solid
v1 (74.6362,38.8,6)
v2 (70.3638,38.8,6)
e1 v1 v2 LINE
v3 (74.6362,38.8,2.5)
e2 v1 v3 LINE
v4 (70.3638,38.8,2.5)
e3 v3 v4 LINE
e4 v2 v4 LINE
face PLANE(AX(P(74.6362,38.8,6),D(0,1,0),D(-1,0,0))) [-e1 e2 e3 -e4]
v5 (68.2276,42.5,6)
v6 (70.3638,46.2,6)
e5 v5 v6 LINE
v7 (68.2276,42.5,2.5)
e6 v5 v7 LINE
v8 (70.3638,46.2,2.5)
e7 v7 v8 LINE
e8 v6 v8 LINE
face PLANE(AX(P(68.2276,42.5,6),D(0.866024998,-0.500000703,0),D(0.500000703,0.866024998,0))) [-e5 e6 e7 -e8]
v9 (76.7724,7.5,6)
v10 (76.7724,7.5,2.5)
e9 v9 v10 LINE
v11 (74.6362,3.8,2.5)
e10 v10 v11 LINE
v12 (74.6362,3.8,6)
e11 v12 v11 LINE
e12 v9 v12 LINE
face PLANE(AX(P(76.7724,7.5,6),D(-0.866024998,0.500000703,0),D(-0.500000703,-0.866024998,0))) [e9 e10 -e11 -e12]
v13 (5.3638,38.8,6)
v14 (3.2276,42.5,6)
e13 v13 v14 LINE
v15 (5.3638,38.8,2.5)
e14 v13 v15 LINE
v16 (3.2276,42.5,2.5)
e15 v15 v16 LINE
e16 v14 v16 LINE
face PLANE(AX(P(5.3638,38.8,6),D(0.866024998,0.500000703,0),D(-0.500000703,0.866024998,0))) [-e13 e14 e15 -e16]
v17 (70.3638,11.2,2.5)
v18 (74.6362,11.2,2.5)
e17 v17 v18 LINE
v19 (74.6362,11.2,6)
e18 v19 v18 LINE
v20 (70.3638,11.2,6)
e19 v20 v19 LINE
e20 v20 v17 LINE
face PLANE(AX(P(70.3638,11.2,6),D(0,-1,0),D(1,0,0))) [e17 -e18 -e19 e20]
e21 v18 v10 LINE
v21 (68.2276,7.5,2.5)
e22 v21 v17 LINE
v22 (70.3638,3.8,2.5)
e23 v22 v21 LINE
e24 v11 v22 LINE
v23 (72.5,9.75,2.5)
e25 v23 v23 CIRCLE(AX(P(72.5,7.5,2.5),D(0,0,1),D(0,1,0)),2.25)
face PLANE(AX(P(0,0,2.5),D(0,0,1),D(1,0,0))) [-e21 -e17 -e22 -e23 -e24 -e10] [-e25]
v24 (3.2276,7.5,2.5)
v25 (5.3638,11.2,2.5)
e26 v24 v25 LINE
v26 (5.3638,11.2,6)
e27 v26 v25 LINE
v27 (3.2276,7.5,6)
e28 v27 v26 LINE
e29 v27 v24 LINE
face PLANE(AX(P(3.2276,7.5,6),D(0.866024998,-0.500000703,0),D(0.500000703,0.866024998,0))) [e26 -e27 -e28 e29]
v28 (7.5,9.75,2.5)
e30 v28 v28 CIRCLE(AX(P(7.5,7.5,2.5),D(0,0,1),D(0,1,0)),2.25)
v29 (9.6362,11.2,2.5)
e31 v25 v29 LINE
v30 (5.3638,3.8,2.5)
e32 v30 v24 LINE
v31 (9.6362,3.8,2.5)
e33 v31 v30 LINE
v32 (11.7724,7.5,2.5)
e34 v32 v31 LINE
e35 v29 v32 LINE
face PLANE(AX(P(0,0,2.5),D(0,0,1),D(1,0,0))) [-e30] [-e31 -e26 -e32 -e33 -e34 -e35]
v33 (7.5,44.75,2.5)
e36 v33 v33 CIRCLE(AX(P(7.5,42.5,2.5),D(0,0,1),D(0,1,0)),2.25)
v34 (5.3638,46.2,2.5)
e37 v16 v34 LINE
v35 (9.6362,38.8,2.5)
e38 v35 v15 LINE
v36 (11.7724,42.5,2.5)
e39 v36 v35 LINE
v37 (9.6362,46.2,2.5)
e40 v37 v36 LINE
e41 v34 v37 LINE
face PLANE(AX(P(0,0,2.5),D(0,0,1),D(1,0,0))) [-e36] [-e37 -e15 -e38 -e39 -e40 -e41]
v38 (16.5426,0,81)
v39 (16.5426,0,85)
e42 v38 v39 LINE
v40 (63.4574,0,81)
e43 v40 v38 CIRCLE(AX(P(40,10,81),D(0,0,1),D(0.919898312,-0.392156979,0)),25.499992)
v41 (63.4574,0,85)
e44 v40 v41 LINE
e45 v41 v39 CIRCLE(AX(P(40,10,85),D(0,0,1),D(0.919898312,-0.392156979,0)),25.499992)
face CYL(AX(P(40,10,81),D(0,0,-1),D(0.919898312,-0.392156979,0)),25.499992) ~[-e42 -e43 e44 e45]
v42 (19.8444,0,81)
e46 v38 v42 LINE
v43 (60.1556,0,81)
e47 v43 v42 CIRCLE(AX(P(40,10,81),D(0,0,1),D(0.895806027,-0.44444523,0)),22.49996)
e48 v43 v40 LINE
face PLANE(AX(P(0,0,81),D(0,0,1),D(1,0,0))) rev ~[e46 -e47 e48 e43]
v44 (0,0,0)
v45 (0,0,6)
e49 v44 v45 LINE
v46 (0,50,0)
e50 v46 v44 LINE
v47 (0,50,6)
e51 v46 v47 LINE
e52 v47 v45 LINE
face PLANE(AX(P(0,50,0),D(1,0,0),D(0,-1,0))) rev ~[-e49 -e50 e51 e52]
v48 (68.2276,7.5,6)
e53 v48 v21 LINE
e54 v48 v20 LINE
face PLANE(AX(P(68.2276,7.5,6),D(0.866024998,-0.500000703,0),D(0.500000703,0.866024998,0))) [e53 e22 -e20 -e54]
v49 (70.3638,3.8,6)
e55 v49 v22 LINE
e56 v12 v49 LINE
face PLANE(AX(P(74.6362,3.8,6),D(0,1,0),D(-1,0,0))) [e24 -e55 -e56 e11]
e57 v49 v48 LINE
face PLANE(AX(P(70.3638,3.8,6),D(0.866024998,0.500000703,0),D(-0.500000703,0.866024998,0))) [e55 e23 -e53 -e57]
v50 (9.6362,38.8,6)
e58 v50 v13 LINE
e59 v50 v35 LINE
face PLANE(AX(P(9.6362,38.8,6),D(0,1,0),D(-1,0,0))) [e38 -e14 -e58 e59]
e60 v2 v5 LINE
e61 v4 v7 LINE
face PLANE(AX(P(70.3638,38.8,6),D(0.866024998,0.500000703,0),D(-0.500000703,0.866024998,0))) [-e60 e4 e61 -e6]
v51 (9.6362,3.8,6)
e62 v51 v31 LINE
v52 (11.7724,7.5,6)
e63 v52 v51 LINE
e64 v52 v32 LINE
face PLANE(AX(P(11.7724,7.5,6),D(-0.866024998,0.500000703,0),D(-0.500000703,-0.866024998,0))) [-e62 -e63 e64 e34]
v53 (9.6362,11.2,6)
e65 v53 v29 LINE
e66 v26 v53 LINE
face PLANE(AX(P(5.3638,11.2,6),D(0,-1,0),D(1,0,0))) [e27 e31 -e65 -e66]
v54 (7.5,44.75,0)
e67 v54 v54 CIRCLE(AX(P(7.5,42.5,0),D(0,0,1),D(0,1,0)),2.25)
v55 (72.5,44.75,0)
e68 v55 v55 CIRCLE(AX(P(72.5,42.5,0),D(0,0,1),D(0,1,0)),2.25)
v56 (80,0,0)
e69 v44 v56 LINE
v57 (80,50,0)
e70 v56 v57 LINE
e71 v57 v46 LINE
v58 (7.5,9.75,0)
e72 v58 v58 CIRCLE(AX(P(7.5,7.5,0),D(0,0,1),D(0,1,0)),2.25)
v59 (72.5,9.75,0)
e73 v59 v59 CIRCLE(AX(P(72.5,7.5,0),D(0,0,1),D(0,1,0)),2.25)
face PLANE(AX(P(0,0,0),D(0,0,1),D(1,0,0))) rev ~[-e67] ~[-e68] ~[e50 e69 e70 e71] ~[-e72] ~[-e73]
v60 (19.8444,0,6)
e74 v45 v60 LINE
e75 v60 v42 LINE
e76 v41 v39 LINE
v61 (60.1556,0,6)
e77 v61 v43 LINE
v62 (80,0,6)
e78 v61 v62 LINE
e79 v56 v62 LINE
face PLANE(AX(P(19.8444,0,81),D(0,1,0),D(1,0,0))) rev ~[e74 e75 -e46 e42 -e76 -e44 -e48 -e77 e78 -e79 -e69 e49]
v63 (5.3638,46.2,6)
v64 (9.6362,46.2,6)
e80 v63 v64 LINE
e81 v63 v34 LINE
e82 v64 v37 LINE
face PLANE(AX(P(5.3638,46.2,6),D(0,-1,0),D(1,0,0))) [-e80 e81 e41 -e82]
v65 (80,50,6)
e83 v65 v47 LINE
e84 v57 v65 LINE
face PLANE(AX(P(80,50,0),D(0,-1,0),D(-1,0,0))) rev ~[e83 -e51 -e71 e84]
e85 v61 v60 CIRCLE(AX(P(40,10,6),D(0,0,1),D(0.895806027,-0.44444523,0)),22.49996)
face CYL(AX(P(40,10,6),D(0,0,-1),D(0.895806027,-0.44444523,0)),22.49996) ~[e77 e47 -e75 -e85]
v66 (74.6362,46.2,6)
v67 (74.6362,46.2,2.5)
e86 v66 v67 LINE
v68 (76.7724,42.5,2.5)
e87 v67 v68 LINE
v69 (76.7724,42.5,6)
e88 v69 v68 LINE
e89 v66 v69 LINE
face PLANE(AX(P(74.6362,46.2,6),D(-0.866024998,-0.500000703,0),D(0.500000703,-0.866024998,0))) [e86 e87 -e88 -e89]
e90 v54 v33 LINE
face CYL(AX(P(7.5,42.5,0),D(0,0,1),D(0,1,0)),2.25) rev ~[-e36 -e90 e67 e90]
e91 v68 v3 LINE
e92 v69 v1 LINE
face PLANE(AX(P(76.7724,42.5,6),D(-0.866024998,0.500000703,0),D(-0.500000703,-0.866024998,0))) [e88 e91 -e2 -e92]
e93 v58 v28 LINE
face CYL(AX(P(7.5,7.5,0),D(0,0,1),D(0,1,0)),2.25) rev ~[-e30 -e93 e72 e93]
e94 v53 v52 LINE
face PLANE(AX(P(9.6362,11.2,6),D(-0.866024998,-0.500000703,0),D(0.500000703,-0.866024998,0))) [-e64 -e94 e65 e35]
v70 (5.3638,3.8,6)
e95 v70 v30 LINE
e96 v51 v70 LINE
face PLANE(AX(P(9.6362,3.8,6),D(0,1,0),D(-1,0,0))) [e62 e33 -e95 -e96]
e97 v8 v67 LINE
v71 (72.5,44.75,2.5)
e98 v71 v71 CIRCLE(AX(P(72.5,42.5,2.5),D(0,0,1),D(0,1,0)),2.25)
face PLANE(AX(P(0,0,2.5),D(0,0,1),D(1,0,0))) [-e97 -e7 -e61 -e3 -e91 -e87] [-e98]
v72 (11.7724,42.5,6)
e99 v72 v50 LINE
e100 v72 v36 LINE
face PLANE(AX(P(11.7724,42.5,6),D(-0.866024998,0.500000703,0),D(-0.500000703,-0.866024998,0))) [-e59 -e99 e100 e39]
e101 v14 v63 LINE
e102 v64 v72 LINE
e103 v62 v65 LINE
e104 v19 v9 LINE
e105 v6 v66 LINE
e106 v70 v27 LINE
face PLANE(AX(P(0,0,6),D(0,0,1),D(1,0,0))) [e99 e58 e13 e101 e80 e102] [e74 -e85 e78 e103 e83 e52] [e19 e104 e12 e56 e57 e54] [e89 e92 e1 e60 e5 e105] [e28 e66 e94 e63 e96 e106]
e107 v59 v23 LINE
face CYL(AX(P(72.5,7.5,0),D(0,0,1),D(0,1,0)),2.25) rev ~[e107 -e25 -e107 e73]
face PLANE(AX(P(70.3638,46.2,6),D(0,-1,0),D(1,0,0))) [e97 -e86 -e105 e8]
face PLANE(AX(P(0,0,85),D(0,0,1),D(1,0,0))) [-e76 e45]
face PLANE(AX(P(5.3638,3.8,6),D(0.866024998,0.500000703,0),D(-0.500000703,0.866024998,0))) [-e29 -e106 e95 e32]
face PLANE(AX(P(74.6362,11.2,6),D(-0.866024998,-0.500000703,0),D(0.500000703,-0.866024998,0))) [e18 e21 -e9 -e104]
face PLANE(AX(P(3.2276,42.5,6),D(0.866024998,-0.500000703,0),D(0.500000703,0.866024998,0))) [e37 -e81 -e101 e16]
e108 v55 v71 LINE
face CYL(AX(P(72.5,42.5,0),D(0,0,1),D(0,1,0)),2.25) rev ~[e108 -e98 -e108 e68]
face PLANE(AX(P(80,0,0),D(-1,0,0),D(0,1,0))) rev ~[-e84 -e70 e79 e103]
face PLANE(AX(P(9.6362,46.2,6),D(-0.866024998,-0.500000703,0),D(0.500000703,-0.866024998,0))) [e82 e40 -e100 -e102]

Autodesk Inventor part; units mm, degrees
ref_plane "Work Plane1" through (0, 0, 26) normal (0, 0, 1) x (1, 0, 0)
ref_plane "Work Plane2" through (0, 0, 61) normal (0, 0, 1) x (1, 0, 0)
ref_plane "YZ Plane" through (0, 0, 0) normal (1, 0, 0) x (0, 1, 0)
sketch "Sketch1" plane through (0, 0, 0) normal (0, 0, 1) x (1, 0, 0)
  line L0 (0, 0) -> (80, 0)
  line L1 (80, 0) -> (80, 50)
  line L2 (80, 50) -> (0, 50)
  line L3 (0, 50) -> (0, 0)
  dimension "d0" = 80
  dimension "d1" = 50
extrude "Extrusion1" add sketch "Sketch1" along normal blind 6
sketch "Sketch2" plane through (0, 0, 6) normal (0, 0, 1) x (1, 0, 0)
  line L0 (80, 50) -> (0, 50) projected
  line L1 (0, 50) -> (0, 0) projected
  arc A0 (60.1556, 0) -> (19.8444, 0) centre (40, 10) ccw
  line L2 (19.8444, 0) -> (60.1556, 0)
  dimension "d11" = 45
  dimension "d12" = 40
  dimension "d13" = 40
  dimension "d14" = 10
extrude "Extrusion2" add sketch "Sketch2" along normal blind 75
sketch "Sketch8" plane through (0, 0, 81) normal (0, 0, 1) x (1, 0, 0)
  arc A0 (60.1556, 0) -> (19.8444, 0) centre (40, 10) ccw projected
  line L0 (19.8444, 0) -> (60.1556, 0) projected
  arc A1 (63.4574, 0) -> (16.5426, 0) centre (40, 10) ccw
  line L1 (19.8444, 0) -> (16.5426, 0)
  line L2 (60.1556, 0) -> (63.4574, 0)
  point P0 (0, 0)
  dimension "d30" = 51
extrude "Extrusion7" add sketch "Sketch8" along normal blind 4
sketch "Sketch9" plane through (0, 0, 0) normal (0, 0, -1) x (-1, 0, 0)
  line L0 (0, 0) -> (-80, 0) projected
  line L1 (-80, 0) -> (-80, 50) projected
  point P0 (-72.5, 42.5)
  point P1 (-72.5, 7.5)
  point P2 (-7.5, 42.5)
  point P3 (-7.5, 7.5)
  dimension "d33" = 65
  dimension "d34" = 35
  dimension "d35" = 7.5
  dimension "d36" = 7.5
hole "Hole1" at (72.5, 42.5, 0) at (72.5, 7.5, 0) at (7.5, 42.5, 0) at (7.5, 7.5, 0) direction (0, 0, 1) diameter 4.5 end through all
sketch "Sketch10" plane through (0, 0, 6) normal (0, 0, 1) x (1, 0, 0)
  circle A0 centre (7.5, 42.5) radius 2.25 projected
  circle A1 centre (72.5, 42.5) radius 2.25 projected
  circle A2 centre (72.5, 7.5) radius 2.25 projected
  circle A3 centre (7.5, 7.5) radius 2.25 projected
  line L0 (11.7724, 42.5) -> (9.6362, 38.8)
  line L1 (9.6362, 38.8) -> (5.3638, 38.8)
  line L2 (5.3638, 38.8) -> (3.2276, 42.5)
  line L3 (3.2276, 42.5) -> (5.3638, 46.2)
  line L4 (5.3638, 46.2) -> (9.6362, 46.2)
  line L5 (9.6362, 46.2) -> (11.7724, 42.5)
  line L6 (11.7724, 7.5) -> (9.6362, 3.8)
  line L7 (9.6362, 3.8) -> (5.3638, 3.8)
  line L8 (5.3638, 3.8) -> (3.2276, 7.5)
  line L9 (3.2276, 7.5) -> (5.3638, 11.2)
  line L10 (5.3638, 11.2) -> (9.6362, 11.2)
  line L11 (9.6362, 11.2) -> (11.7724, 7.5)
  line L12 (76.7724, 7.5) -> (74.6362, 3.8)
  line L13 (74.6362, 3.8) -> (70.3638, 3.8)
  line L14 (70.3638, 3.8) -> (68.2276, 7.5)
  line L15 (68.2276, 7.5) -> (70.3638, 11.2)
  line L16 (70.3638, 11.2) -> (74.6362, 11.2)
  line L17 (74.6362, 11.2) -> (76.7724, 7.5)
  line L18 (76.7724, 42.5) -> (74.6362, 38.8)
  line L19 (74.6362, 38.8) -> (70.3638, 38.8)
  line L20 (70.3638, 38.8) -> (68.2276, 42.5)
  line L21 (68.2276, 42.5) -> (70.3638, 46.2)
  line L22 (70.3638, 46.2) -> (74.6362, 46.2)
  line L23 (74.6362, 46.2) -> (76.7724, 42.5)
  dimension "d44" = 7.4
extrude "Extrusion8" cut sketch "Sketch10" against normal blind 3.5
sketch "Sketch4" plane through (0, 0, 26) normal (0, 0, 1) x (1, 0, 0)
  arc A0 (62.9129, 0) -> (17.0871, 0) centre (40, 10) ccw projected
  line L0 (17.0871, 0) -> (62.9129, 0) projected
  circle A1 centre (40, 24.5) radius 11 construction
  arc A2 (28, 24.5) -> (52, 24.5) centre (40, 24.5) ccw
  line L1 (28, 24.5) -> (28, 31.9317)
  line L2 (52, 24.5) -> (52, 31.9317)
  arc A3 (62.9129, 0) -> (17.0871, 0) centre (40, 10) ccw projected
  point P0 (0, 0)
  dimension "d15" = 22
  dimension "d16" = 14.5
  dimension "d17" = 24
sketch "Sketch5" plane through (0, 0, 61) normal (0, 0, 1) x (1, 0, 0)
  arc A0 (62.9129, 0) -> (17.0871, 0) centre (40, 10) ccw projected
  line L0 (17.0871, 0) -> (62.9129, 0) projected
  arc A1 (28, 24.5) -> (52, 24.5) centre (40, 24.5) ccw projected
  line L1 (52, 31.9317) -> (52, 24.5) projected
  arc A2 (52, 31.9317) -> (28, 31.9317) centre (40, 10) ccw projected
  line L2 (28, 24.5) -> (28, 31.9317) projected
  point P0 (0, 0)
sketch "Sketch6" plane through (0, 0, 26) normal (0, 0, 1) x (1, 0, 0)
  arc A0 (28, 24.5) -> (52, 24.5) centre (40, 24.5) ccw projected
  line L0 (52, 31.9317) -> (52, 24.5) projected
  arc A1 (52, 31.9317) -> (28, 31.9317) centre (40, 10) ccw projected
  line L1 (28, 24.5) -> (28, 31.9317) projected
  arc A2 (35.75, 24.5) -> (44.25, 24.5) centre (40, 24.5) ccw
  line L2 (35.75, 26.9) -> (35.75, 34.6361)
  arc A3 (52, 31.9317) -> (28, 31.9317) centre (40, 10) ccw projected
  line L3 (44.25, 26.9) -> (44.25, 34.6361)
  arc A4 (35.75, 24.5) -> (35.75, 26.9) centre (34.15, 25.7) ccw
  arc A5 (44.25, 26.9) -> (44.25, 24.5) centre (45.85, 25.7) ccw
  point P0 (0, 0)
  dimension "d23" = 8.5
  dimension "d24" = 2
  dimension "d25" = 1.6
sketch "Sketch7" plane through (0, 0, 61) normal (0, 0, 1) x (1, 0, 0)
  arc A0 (35.75, 24.5) -> (44.25, 24.5) centre (40, 24.5) ccw projected
  arc A1 (44.25, 26.9) -> (44.25, 24.5) centre (45.85, 25.7) ccw projected
  line L0 (44.25, 34.6361) -> (44.25, 26.9) projected
  arc A2 (44.25, 34.6361) -> (35.75, 34.6361) centre (40, 10) ccw projected
  line L1 (35.75, 26.9) -> (35.75, 34.6361) projected
  arc A3 (35.75, 24.5) -> (35.75, 26.9) centre (34.15, 25.7) ccw projected
  point P0 (0, 0)
properties part number "SpoolHolderSingle" material "ABS Plastic"
